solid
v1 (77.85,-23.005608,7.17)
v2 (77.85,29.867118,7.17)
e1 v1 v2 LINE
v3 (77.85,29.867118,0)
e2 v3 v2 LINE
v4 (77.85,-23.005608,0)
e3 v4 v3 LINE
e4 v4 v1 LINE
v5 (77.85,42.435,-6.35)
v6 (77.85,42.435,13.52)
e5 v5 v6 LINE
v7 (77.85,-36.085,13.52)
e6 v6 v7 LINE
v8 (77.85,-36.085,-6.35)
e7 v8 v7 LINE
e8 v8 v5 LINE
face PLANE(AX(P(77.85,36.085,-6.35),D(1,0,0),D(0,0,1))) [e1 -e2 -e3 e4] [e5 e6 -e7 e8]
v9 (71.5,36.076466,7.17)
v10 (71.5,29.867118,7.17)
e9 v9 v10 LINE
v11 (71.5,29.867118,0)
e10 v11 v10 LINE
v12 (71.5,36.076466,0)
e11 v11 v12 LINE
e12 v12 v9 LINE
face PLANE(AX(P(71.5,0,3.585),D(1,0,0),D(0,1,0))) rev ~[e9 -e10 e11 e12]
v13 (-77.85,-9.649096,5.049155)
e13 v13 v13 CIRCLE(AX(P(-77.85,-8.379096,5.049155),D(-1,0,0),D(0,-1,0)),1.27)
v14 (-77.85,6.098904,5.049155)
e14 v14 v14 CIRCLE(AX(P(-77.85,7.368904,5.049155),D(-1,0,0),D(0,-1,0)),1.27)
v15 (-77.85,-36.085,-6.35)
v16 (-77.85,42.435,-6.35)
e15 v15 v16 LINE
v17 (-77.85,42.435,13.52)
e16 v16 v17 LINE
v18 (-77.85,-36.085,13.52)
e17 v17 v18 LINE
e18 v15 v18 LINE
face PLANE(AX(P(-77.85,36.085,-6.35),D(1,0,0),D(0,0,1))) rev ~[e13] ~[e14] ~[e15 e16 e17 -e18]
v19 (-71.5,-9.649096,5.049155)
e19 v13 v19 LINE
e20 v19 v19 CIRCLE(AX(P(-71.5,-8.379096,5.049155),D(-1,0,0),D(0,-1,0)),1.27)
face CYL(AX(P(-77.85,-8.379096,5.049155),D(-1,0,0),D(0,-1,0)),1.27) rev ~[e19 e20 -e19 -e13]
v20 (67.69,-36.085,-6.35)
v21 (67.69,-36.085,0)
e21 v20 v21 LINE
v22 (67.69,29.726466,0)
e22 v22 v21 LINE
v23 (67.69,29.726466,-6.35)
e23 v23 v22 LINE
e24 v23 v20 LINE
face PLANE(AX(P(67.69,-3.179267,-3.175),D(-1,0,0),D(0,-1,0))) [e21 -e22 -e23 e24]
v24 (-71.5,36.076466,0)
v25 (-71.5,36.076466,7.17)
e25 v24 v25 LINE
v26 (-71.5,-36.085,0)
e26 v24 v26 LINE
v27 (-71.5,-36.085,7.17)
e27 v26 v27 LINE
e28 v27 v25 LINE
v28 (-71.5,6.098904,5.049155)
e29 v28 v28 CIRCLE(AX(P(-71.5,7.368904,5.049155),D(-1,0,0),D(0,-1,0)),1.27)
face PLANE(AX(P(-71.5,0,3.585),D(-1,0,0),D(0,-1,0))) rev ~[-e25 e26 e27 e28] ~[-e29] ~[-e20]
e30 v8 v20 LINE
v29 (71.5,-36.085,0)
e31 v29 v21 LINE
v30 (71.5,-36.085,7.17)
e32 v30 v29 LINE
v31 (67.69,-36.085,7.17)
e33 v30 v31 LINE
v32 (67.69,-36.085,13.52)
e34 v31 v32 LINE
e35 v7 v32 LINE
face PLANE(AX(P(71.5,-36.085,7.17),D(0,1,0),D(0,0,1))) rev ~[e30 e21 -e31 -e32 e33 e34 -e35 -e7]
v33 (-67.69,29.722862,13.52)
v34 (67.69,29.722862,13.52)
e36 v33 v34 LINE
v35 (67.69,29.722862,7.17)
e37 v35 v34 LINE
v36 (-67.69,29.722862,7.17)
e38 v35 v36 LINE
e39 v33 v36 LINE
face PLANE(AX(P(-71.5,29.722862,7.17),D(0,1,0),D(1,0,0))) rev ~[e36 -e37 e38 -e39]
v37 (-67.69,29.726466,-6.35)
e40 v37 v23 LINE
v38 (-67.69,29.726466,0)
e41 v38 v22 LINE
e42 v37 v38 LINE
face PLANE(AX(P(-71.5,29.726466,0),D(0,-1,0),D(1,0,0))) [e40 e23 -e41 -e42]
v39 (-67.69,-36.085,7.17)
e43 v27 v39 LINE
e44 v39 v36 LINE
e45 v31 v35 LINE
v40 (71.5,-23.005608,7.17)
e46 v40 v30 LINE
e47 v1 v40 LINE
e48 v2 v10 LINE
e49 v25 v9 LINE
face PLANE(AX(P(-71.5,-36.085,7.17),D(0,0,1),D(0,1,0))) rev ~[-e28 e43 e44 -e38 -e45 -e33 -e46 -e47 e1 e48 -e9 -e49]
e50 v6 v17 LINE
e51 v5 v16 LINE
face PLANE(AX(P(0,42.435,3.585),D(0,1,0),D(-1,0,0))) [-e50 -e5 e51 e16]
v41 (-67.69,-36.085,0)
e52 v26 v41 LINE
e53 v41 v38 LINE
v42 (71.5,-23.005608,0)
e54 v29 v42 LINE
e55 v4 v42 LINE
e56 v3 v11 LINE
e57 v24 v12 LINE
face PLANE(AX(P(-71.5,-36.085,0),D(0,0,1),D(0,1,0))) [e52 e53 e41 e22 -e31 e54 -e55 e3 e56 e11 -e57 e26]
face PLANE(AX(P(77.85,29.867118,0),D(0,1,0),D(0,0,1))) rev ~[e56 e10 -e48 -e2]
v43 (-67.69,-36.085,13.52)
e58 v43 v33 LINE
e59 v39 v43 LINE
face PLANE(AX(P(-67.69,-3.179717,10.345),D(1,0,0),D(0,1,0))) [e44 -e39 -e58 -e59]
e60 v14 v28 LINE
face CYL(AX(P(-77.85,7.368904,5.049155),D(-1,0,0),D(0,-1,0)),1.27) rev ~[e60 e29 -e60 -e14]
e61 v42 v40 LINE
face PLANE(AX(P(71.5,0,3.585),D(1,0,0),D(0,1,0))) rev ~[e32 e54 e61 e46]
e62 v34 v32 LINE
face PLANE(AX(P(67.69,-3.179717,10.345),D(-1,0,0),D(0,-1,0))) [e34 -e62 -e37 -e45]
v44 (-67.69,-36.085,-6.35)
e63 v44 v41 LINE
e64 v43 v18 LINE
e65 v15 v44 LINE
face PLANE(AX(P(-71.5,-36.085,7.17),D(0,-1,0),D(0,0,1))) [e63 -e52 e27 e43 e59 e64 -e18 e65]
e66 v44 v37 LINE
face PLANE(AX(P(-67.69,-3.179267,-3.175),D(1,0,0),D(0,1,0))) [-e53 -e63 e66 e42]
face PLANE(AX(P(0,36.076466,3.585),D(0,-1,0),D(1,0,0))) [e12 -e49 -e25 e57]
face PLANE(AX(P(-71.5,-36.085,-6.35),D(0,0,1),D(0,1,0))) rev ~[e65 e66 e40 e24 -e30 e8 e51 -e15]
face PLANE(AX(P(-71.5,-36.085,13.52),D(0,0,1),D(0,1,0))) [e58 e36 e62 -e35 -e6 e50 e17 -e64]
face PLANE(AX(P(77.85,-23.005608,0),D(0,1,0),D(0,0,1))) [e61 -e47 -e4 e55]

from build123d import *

# Parameters (mm, degrees)
F0_W      = 143
F0_H      = 72.17
F1_DEPTH  = 7.17
F2_W      = 72.17
F2_H      = 19.87
F3_DEPTH  = 6.35
F4_W      = 72.17
F4_H      = 19.87
F5_DEPTH  = 6.35
F6_W      = 143
F6_H      = 6.3621380544
F7_DEPTH  = 6.35
F8_W      = 143
F8_H      = 6.358533836
F9_DEPTH  = 6.35
F10_W     = 155.7
F10_H     = 19.87
F11_DEPTH = 6.35
F12_W     = 143
F12_H     = 7.17
F13_DEPTH = 65.811466164
F14_W     = 143
F14_H     = 7.17
F15_DEPTH = 6.35
F16_W     = 65.811466164
F16_H     = 6.35
F17_DEPTH = 3.81
F18_W     = 65.8105651094
F18_H     = 6.35
F19_DEPTH = 3.81
F20_W     = 65.811466164
F20_H     = 6.35
F21_DEPTH = 3.81
F22_W     = 65.8105651094
F22_H     = 6.35
F23_DEPTH = 3.81
F24_W     = 52.8727266937
F24_H     = 7.17
F25_DEPTH = 25.4
F26_R     = 1.27
F27_DEPTH = 149.35


with BuildPart() as f1:
    # F0 (on Top) → F1 (new body)
    with BuildSketch(Plane.XY):
        Rectangle(F0_W, F0_H)
    extrude(amount=F1_DEPTH)

    # F2 (on face) → F3 (join)
    with BuildSketch(Plane.YZ.offset(71.5)):
        with Locations((0, 3.585)):
            Rectangle(F2_W, F2_H)
    extrude(amount=F3_DEPTH)

    # F4 (on face) → F5 (join)
    with BuildSketch(Plane(origin=(-71.5, 0, 0), x_dir=(0, -1, 0), z_dir=(-1, 0, 0))):
        with Locations((0, 3.585)):
            Rectangle(F4_W, F4_H)
    extrude(amount=F5_DEPTH)

    # F6 (on face) → F7 (join)
    with BuildSketch(Plane.XY.offset(7.17)):
        with Locations((0, 32.9039309728)):
            Rectangle(F6_W, F6_H)
    extrude(amount=F7_DEPTH)

    # F8 (on face) → F9 (join)
    with BuildSketch(Plane(origin=(0, 0, 0), x_dir=(1, 0, 0), z_dir=(0, 0, -1))):
        with Locations((0, -32.905733082)):
            Rectangle(F8_W, F8_H)
    extrude(amount=F9_DEPTH)

    # F10 (on face) → F11 (join)
    with BuildSketch(Plane(origin=(0, 36.085, 0), x_dir=(-1, 0, 0), z_dir=(0, 1, 0))):
        with Locations((0, 3.585)):
            Rectangle(F10_W, F10_H)
    extrude(amount=F11_DEPTH)

    # F12 (on face) → F13 (cut, through all)
    with BuildSketch(Plane.XZ.offset(36.085)):
        with Locations((0, 3.585)):
            Rectangle(F12_W, F12_H)
    extrude(amount=-F13_DEPTH, mode=Mode.SUBTRACT)

    # F14 (on face) → F15 (cut)
    with BuildSketch(Plane.XZ.offset(-29.726466164)):
        with Locations((0, 3.585)):
            Rectangle(F14_W, F14_H)
    extrude(amount=-F15_DEPTH, mode=Mode.SUBTRACT)

    # F16 (on face) → F17 (join)
    with BuildSketch(Plane(origin=(71.5, 0, 0), x_dir=(0, -1, 0), z_dir=(-1, 0, 0))):
        with Locations((3.179266918, -3.175)):
            Rectangle(F16_W, F16_H)
    extrude(amount=F17_DEPTH)

    # F18 (on face) → F19 (join)
    with BuildSketch(Plane(origin=(71.5, 0, 0), x_dir=(0, -1, 0), z_dir=(-1, 0, 0))):
        with Locations((3.1797174453, 10.345)):
            Rectangle(F18_W, F18_H)
    extrude(amount=F19_DEPTH)

    # F20 (on face) → F21 (join)
    with BuildSketch(Plane.YZ.offset(-71.5)):
        with Locations((-3.179266918, -3.175)):
            Rectangle(F20_W, F20_H)
    extrude(amount=F21_DEPTH)

    # F22 (on face) → F23 (join)
    with BuildSketch(Plane.YZ.offset(-71.5)):
        with Locations((-3.1797174453, 10.345)):
            Rectangle(F22_W, F22_H)
    extrude(amount=F23_DEPTH)

    # F24 (on face) → F25 (cut)
    with BuildSketch(Plane.YZ.offset(77.85)):
        with Locations((3.4307548776, 3.585)):
            Rectangle(F24_W, F24_H)
    extrude(amount=-F25_DEPTH, mode=Mode.SUBTRACT)

    # F26 (on face) → F27 (cut, through all)
    with BuildSketch(Plane(origin=(-77.85, 0, 0), x_dir=(0, -1, 0), z_dir=(-1, 0, 0))):
        with Locations((-7.3689044776, 5.0491553406)):
            Circle(F26_R)
        with Locations((8.3790955224, 5.0491553406)):
            Circle(F26_R)
    extrude(amount=-F27_DEPTH, mode=Mode.SUBTRACT)


solid = f1.part
